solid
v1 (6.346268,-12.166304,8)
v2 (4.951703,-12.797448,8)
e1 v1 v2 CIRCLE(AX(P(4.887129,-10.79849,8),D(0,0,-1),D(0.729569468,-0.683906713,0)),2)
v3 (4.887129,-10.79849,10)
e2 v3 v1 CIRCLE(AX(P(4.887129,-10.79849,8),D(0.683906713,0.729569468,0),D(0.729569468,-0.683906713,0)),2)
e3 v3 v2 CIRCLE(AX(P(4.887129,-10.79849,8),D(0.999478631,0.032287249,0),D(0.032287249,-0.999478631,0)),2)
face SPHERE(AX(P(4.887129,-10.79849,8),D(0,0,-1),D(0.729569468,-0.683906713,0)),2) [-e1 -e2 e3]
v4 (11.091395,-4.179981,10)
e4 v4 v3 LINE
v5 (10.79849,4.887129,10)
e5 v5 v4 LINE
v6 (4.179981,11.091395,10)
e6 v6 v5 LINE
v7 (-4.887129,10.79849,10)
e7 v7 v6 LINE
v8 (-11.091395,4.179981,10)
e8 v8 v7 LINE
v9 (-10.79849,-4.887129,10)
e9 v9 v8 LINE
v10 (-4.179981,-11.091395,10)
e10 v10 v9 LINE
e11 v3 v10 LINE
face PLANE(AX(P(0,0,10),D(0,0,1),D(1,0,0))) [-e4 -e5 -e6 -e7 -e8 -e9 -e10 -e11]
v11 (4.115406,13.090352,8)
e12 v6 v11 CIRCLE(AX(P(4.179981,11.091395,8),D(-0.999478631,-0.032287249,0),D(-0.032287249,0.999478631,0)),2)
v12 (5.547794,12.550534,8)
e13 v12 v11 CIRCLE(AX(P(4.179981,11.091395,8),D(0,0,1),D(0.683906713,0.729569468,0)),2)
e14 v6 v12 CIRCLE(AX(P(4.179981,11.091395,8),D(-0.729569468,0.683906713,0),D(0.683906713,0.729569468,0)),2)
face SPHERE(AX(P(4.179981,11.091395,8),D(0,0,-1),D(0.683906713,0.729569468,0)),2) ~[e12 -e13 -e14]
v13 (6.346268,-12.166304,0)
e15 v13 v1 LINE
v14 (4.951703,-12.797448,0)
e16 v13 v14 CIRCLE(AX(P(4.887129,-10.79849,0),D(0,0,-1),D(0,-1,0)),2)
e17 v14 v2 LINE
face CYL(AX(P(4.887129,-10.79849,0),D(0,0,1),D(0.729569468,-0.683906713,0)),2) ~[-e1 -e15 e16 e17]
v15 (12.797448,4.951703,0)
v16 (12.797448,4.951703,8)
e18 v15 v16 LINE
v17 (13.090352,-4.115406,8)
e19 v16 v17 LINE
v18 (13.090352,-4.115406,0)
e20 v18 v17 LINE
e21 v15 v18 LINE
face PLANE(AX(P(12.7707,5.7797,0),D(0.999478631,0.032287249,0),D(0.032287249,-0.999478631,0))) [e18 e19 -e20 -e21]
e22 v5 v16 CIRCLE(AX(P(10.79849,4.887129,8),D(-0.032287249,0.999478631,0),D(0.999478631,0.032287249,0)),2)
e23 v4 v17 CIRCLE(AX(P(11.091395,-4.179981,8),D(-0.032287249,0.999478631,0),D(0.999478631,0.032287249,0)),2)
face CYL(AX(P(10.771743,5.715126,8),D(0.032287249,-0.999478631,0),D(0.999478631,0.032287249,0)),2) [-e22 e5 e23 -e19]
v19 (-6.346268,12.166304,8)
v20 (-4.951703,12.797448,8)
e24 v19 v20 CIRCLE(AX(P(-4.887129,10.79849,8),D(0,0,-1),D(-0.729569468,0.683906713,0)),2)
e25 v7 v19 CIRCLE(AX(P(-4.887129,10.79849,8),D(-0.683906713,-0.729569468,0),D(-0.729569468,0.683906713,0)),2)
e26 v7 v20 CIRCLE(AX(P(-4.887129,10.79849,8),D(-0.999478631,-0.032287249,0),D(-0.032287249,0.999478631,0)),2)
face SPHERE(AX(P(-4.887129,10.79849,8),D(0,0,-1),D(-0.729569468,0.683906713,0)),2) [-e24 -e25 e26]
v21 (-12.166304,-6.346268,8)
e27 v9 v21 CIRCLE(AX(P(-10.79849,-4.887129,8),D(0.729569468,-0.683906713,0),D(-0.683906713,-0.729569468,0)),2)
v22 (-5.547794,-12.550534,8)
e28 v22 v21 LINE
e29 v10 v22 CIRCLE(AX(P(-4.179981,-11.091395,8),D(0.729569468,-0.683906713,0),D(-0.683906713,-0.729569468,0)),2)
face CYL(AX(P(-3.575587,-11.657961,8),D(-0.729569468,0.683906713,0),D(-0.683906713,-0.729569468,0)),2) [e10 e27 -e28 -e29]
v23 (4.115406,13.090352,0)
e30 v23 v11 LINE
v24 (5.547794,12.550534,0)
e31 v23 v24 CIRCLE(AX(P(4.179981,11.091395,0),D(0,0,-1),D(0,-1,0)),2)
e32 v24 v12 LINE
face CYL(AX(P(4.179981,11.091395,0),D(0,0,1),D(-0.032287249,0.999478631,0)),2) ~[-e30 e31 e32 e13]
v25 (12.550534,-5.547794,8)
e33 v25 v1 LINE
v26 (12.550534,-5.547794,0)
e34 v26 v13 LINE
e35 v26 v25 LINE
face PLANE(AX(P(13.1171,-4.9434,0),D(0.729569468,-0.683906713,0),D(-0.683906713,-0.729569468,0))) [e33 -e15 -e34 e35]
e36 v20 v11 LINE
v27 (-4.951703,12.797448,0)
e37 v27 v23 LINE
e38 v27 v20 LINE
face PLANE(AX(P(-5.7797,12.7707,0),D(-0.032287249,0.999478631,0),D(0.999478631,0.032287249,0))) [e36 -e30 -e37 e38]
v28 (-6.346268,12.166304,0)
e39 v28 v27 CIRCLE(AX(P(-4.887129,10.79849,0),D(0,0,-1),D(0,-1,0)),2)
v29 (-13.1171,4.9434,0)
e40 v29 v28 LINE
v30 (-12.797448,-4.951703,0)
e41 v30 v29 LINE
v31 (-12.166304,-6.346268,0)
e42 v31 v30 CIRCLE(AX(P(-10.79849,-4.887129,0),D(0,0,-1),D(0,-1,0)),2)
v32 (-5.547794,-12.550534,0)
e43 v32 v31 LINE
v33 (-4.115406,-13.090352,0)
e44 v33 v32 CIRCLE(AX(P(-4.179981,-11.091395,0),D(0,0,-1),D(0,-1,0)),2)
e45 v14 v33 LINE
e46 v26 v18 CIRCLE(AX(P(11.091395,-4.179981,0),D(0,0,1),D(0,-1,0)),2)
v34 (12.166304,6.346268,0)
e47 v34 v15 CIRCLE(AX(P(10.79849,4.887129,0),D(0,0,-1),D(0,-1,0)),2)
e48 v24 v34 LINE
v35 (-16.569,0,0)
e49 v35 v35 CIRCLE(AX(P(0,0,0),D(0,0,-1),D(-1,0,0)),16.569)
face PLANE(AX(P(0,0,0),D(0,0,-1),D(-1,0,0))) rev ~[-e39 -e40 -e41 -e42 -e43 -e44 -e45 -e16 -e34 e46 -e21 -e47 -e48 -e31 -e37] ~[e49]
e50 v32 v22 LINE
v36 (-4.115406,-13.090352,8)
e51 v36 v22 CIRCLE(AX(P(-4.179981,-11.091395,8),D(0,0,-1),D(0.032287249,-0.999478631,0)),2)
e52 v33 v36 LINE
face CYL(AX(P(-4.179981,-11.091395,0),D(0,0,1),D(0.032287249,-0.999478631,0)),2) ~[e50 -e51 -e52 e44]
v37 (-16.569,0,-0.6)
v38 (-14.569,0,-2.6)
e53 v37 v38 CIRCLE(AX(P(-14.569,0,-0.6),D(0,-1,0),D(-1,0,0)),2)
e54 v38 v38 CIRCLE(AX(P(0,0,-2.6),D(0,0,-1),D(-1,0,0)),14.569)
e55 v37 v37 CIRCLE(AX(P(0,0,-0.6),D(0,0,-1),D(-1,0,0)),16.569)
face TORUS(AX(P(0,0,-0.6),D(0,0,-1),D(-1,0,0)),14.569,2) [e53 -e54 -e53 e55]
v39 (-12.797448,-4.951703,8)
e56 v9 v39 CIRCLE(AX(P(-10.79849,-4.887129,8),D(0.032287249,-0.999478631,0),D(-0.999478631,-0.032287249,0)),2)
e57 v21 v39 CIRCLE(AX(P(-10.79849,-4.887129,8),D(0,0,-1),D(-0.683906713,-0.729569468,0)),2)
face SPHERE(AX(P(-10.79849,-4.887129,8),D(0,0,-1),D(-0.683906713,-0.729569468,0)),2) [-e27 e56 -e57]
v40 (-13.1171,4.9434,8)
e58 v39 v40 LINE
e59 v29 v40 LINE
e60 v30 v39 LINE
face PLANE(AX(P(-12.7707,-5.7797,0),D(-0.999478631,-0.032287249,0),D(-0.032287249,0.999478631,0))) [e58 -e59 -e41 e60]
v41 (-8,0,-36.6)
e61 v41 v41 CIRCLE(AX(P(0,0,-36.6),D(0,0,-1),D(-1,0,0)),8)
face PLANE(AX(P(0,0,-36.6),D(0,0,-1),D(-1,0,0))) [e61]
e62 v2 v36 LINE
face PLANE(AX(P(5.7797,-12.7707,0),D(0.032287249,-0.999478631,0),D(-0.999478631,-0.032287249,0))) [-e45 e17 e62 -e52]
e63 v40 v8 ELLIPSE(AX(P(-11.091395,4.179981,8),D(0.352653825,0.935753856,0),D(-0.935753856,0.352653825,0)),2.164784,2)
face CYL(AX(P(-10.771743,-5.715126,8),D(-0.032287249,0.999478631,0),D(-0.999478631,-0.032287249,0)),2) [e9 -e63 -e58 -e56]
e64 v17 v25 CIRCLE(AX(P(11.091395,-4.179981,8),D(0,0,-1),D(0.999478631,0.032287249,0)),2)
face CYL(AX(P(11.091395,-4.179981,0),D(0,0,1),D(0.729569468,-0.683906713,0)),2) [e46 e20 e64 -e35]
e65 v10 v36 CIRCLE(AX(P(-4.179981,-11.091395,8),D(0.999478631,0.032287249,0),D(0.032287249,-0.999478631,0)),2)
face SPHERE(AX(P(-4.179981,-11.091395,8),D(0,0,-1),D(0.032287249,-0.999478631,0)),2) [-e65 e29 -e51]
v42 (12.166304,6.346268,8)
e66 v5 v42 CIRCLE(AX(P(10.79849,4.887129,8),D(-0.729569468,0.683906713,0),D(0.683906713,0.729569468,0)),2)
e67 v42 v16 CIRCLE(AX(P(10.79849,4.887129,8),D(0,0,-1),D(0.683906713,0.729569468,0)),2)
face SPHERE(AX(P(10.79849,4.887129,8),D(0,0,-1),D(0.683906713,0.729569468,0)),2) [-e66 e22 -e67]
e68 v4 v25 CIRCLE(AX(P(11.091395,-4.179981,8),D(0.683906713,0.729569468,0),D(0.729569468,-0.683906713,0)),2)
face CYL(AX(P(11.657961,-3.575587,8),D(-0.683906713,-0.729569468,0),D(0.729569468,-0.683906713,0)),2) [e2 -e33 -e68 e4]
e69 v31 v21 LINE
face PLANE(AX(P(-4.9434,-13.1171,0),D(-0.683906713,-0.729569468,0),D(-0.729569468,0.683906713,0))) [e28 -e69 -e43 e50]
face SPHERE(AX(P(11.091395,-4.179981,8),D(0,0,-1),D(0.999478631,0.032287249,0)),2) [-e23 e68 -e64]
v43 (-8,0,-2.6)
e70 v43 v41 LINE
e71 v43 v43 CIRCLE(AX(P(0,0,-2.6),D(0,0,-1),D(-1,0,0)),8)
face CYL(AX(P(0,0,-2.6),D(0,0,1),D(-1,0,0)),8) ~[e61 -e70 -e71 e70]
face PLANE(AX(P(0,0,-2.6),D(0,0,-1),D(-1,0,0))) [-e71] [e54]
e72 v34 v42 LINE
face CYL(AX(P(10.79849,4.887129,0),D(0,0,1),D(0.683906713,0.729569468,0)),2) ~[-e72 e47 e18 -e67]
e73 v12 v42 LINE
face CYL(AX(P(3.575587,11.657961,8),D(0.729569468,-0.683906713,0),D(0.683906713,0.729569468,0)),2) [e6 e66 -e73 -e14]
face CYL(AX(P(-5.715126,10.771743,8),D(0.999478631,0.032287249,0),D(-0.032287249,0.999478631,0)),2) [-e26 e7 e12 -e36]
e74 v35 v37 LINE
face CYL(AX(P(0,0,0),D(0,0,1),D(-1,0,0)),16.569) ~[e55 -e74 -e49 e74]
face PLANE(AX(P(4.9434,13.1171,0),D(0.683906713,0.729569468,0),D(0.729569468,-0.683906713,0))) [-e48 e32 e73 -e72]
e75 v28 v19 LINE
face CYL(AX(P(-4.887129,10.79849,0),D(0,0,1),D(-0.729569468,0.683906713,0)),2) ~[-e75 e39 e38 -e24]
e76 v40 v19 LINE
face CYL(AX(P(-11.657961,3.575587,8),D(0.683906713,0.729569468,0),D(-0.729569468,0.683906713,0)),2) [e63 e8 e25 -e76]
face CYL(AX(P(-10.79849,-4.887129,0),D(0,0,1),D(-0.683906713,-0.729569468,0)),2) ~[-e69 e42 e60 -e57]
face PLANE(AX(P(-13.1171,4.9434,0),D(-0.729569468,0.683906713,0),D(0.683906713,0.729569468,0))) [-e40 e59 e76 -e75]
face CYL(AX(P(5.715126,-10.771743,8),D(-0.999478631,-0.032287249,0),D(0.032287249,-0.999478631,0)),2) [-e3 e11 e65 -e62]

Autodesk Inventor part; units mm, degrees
ref_plane "YZ Plane" through (0, 0, 0) normal (1, 0, 0) x (0, 1, 0)
ref_plane "XZ Plane" through (0, 0, 0) normal (0, 1, 0) x (-1, 0, 0)
ref_plane "XY Plane" through (0, 0, 0) normal (0, 0, 1) x (1, 0, 0)
sketch "Sketch1" plane through (0, 0, 0) normal (0, 0, 1) x (1, 0, 0)
  line L0 (13.1171, -4.9434) -> (5.7797, -12.7707)
  line L1 (5.7797, -12.7707) -> (-4.9434, -13.1171)
  line L2 (-4.9434, -13.1171) -> (-12.7707, -5.7797)
  line L3 (-12.7707, -5.7797) -> (-13.1171, 4.9434)
  line L4 (-13.1171, 4.9434) -> (-5.7797, 12.7707)
  line L5 (-5.7797, 12.7707) -> (4.9434, 13.1171)
  line L6 (4.9434, 13.1171) -> (12.7707, 5.7797)
  line L7 (12.7707, 5.7797) -> (13.1171, -4.9434)
  point P0 (0, 0)
  point P1 (0, 0)
extrude "Extrusion1" add sketch "Sketch1" along normal blind 10
fillet "Fillet1" radius 2 15 edges at (-0.4182, 12.9439, 10) (4.9434, 13.1171, 5) (-5.7797, 12.7707, 5) (12.7707, 5.7797, 5) (8.857, 9.4484, 10) (13.1171, -4.9434, 5) (12.9439, 0.4182, 10) (5.7797, -12.7707, 5) (9.4484, -8.857, 10) (-4.9434, -13.1171, 5) (0.4182, -12.9439, 10) (-12.7707, -5.7797, 5) (-8.857, -9.4484, 10) (-12.9439, -0.4182, 10) (-9.4484, 8.857, 10)
sketch "Sketch2" plane through (0, 0, 0) normal (0, 0, -1) x (-1, 0, 0)
  circle A0 centre (0, 0) radius 16.569
extrude "Extrusion2" add sketch "Sketch2" along normal blind 2.6
fillet "Fillet2" radius 2 1 edges at (16.569, 0, -2.6)
sketch "Sketch3" plane through (0, 0, -2.6) normal (0, 0, -1) x (-1, 0, 0)
  circle A0 centre (0, 0) radius 8
  dimension "d7" = 16
extrude "Extrusion3" add sketch "Sketch3" along normal blind 34
thread "Thread1" size "M16x2" class "6g" standard "ISO Metric profile" full length
properties part number "AnnishNT"
